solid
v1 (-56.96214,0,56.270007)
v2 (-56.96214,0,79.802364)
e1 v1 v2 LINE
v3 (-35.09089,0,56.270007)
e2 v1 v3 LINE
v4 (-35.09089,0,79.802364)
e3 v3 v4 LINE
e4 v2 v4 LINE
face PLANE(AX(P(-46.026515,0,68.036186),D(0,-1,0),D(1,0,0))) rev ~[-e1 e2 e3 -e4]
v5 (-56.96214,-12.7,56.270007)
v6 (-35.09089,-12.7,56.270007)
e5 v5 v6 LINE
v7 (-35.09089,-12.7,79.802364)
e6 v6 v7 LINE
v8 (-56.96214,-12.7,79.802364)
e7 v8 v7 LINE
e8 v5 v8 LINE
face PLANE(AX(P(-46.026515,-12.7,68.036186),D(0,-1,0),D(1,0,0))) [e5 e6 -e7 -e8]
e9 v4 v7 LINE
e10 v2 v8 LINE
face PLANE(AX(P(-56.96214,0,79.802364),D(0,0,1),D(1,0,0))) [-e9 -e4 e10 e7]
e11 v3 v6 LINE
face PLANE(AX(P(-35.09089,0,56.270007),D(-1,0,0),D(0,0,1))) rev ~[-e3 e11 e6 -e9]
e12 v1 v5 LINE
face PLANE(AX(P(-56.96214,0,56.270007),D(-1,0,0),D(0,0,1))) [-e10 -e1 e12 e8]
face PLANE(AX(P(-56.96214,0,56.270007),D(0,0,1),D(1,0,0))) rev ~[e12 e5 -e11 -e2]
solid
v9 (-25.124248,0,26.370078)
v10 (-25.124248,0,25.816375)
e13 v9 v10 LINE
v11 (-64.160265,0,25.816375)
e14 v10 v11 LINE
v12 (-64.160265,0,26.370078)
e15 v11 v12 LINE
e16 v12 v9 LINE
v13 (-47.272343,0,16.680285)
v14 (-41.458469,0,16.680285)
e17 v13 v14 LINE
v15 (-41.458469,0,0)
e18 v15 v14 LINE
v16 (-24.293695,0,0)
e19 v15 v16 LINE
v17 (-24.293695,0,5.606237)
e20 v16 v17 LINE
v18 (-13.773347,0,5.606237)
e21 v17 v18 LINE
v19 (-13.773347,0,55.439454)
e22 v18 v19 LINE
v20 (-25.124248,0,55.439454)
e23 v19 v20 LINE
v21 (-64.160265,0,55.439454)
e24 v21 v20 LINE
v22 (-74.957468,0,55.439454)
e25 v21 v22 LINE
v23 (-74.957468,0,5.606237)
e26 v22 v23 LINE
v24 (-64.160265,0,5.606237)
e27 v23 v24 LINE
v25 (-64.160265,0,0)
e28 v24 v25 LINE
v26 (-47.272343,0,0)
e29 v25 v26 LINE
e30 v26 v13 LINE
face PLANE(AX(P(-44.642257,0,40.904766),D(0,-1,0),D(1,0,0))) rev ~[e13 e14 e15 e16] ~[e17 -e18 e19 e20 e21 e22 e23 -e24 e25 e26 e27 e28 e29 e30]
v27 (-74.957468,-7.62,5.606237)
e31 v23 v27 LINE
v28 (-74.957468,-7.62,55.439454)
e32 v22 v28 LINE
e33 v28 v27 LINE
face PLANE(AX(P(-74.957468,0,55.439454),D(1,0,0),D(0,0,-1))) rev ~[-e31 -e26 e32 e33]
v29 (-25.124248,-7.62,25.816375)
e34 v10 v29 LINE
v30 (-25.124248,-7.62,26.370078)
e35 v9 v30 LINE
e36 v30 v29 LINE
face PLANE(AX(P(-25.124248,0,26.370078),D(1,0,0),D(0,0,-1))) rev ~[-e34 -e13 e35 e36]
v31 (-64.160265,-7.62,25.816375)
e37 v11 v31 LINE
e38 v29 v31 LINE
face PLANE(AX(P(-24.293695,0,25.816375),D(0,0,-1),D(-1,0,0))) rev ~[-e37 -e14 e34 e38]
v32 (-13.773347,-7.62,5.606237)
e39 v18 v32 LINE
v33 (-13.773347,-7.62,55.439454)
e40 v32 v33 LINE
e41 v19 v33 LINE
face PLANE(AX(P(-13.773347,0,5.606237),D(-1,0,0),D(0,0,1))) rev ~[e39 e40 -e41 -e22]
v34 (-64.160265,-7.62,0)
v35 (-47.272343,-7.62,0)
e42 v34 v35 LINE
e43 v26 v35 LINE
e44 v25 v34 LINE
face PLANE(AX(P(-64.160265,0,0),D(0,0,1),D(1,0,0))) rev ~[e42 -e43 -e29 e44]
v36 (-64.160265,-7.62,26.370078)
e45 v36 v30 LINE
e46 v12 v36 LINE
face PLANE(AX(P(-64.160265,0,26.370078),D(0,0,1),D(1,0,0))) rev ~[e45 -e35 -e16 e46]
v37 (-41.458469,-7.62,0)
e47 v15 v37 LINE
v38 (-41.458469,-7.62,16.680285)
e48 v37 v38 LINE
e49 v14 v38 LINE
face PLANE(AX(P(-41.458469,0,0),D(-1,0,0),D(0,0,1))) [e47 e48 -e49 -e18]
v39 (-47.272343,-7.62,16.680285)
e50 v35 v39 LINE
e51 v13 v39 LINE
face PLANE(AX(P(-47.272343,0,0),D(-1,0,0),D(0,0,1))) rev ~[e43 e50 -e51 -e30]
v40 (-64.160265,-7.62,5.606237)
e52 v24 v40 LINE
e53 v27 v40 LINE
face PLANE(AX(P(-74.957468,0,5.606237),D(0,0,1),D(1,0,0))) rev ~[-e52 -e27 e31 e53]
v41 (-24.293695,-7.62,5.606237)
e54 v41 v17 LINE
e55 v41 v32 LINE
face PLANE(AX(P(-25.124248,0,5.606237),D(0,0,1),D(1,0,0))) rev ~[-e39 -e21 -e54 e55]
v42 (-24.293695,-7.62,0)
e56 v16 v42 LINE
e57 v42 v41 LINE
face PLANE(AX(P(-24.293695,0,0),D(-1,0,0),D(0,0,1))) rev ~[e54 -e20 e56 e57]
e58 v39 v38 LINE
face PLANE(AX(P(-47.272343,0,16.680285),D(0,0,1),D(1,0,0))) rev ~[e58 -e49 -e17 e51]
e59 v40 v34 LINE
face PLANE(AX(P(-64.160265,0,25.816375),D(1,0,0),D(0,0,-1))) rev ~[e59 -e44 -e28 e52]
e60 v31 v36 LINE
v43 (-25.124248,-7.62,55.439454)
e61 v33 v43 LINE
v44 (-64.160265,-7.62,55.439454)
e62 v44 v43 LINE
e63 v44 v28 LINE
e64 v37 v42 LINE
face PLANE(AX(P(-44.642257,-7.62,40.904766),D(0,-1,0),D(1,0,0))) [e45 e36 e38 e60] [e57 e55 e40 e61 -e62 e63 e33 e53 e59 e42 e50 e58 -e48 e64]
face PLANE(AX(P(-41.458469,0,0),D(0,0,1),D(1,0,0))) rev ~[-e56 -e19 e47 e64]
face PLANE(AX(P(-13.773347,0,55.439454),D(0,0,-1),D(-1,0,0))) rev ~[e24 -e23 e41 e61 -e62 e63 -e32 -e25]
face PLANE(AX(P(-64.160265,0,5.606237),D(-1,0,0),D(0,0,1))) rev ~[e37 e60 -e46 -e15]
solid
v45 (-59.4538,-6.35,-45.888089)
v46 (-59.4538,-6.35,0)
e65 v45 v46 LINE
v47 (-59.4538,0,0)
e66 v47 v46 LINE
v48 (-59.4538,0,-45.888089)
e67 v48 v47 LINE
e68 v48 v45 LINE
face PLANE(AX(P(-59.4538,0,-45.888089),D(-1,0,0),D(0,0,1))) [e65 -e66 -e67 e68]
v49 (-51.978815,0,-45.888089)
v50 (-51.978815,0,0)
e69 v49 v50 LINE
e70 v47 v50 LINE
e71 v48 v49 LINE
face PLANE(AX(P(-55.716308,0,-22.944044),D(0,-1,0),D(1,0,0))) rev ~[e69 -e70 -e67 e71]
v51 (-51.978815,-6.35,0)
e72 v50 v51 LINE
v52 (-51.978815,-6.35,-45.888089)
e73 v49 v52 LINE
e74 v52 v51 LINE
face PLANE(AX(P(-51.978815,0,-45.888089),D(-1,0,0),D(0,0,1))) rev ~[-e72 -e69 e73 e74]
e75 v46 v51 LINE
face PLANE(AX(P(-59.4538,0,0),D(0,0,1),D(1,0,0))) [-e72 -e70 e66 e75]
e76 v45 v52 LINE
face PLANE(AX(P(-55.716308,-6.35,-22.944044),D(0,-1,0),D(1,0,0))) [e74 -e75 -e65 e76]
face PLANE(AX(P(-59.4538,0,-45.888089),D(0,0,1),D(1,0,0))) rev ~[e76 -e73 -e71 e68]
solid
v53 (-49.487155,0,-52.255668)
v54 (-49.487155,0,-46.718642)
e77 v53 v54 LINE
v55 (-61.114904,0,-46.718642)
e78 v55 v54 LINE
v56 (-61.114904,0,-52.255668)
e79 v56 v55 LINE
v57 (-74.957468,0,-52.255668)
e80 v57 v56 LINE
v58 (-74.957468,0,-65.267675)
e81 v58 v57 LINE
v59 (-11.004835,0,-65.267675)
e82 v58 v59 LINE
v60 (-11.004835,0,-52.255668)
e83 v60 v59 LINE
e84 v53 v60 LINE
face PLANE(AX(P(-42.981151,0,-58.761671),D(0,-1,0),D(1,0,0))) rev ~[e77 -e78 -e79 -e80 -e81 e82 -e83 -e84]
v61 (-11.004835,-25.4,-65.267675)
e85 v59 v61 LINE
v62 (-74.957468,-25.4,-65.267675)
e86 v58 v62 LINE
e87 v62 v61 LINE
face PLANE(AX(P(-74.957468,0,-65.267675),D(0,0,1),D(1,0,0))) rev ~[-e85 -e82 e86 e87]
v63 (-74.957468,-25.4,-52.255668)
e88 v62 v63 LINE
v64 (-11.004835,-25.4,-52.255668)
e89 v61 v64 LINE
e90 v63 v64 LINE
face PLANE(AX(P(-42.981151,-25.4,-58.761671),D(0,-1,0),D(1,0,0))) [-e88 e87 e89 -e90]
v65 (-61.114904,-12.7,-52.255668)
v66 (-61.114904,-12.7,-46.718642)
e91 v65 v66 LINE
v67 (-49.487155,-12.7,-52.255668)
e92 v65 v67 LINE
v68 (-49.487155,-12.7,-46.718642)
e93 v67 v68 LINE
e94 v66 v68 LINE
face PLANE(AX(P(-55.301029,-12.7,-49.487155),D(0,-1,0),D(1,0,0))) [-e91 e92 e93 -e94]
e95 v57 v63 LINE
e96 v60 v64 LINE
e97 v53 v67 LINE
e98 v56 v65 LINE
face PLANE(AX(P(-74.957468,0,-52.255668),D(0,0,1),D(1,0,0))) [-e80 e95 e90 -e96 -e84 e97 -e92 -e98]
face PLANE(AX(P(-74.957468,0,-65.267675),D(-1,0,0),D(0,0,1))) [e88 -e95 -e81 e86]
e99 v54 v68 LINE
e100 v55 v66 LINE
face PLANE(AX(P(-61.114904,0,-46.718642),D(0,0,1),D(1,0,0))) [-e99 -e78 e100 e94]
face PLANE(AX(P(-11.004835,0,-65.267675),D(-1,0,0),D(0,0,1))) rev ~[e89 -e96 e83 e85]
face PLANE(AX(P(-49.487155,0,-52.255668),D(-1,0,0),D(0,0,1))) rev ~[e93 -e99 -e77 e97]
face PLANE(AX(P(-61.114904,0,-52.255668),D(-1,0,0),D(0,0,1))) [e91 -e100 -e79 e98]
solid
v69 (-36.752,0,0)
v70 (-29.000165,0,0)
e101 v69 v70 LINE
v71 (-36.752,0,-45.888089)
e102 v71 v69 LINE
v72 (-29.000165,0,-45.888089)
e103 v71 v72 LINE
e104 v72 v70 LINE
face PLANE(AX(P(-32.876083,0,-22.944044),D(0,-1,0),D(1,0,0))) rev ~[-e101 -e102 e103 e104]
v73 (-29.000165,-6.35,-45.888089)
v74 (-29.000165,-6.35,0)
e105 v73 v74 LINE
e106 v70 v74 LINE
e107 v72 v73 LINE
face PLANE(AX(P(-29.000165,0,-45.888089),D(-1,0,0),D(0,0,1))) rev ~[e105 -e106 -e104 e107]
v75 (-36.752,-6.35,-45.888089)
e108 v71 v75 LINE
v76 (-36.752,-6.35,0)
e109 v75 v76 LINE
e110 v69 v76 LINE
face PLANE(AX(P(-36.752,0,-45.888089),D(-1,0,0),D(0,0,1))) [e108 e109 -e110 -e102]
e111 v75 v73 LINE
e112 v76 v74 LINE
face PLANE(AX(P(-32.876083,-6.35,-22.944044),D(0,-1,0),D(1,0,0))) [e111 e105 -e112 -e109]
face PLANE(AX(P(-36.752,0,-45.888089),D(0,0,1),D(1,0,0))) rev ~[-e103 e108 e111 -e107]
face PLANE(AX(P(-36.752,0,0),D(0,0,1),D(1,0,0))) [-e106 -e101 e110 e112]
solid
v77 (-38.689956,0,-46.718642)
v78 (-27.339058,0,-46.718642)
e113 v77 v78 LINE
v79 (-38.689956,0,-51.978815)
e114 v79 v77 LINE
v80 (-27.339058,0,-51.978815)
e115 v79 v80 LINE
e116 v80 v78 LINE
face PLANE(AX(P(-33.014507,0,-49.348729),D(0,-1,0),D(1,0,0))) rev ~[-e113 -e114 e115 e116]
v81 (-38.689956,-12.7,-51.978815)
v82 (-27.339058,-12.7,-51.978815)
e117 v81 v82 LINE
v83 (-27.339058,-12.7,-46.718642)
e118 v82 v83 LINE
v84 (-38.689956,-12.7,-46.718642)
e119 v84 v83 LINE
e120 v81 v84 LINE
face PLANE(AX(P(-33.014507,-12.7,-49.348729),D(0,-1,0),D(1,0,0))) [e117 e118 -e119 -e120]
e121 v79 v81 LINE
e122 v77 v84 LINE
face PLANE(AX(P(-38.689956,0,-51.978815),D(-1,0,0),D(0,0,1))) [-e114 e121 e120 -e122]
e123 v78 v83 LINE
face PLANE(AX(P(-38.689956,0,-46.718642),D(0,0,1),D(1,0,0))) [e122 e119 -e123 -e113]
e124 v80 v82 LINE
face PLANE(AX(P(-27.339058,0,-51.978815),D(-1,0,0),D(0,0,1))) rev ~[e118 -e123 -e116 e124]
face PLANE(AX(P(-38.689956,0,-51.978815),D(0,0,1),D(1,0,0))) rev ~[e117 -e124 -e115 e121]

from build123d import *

# Parameters (mm, degrees)
F0_W      = 11.6277486086
F0_H      = 5.5370256305
F1_DEPTH  = 12.7
F0_W_2    = 11.3508980721
F0_H_2    = 5.2601732314
F2_W      = 63.9526322484
F2_H      = 13.0120068789
F3_DEPTH  = 25.4
F4_W      = 63.6757835746
F4_H      = 12.1814534068
F5_DEPTH  = 25.4
F6_W      = 7.4749849737
F6_H      = 45.8880886436
F7_DEPTH  = 6.35
F6_W_2    = 7.7518355101
F8_W      = 16.88792184
F8_H      = 16.6802853346
F8_W_2    = 17.1647742391
F9_DEPTH  = 7.62
F10_W     = 39.0360169113
F10_H     = 29.0693752468
F11_DEPTH = 7.62
F12_W     = 21.8712501228
F12_H     = 23.5323570669
F13_DEPTH = 12.7
F14_W     = 2.4916604161
F14_H     = 3.0453652143
F14_W_2   = 2.7685128152
F14_H_2   = 2.4916604161
F14_W_3   = 7.1981325746
F14_H_3   = 2.7685090899
F15_DEPTH = 6.35


with BuildPart() as f1:
    # F0 (on Front) → F1 (new body)
    with BuildSketch(Plane.XZ):
        with Locations((-55.3010292351, -49.4871549308)):
            Rectangle(F0_W, F0_H)
    extrude(amount=F1_DEPTH)

    # F2 (on Front) → F3 (join)
    with BuildSketch(Plane.XZ):
        with Locations((-42.9811514914, -58.7616711855)):
            Rectangle(F2_W, F2_H)
    extrude(amount=F3_DEPTH)

    # F4 (on Front) → F5 (join)
    with BuildSketch(Plane.XZ):
        with Locations((-42.8427271545, -58.6232431233)):
            Rectangle(F4_W, F4_H)
    extrude(amount=F5_DEPTH)


with BuildPart() as f1b:
    # F0 (on Front) → F1, piece 2 (new body)
    with BuildSketch(Plane.XZ):
        with Locations((-33.0145070329, -49.3487287313)):
            Rectangle(F0_W_2, F0_H_2)
    extrude(amount=F1_DEPTH)


with BuildPart() as f7:
    # F6 (on Front) → F7 (new body)
    with BuildSketch(Plane.XZ):
        with Locations((-55.7163078338, -22.9440443218)):
            Rectangle(F6_W, F6_H)
    extrude(amount=F7_DEPTH)


with BuildPart() as f7b:
    # F6 (on Front) → F7, piece 2 (new body)
    with BuildSketch(Plane.XZ):
        with Locations((-32.876082696, -22.9440443218)):
            Rectangle(F6_W_2, F6_H)
    extrude(amount=F7_DEPTH)


with BuildPart() as f9:
    # F8 (on Front) → F9 (new body)
    with BuildSketch(Plane.XZ):
        with Locations((-55.7163041085, 8.3401426673)):
            Rectangle(F8_W, F8_H)
        Polygon((-64.1602650285, 25.8163753897), (-64.1602650285, 16.6802853346), (-47.2723431885, 16.6802853346), (-41.4584688842, 16.6802853346), (-24.2936946452, 16.6802853346), (-24.2936946452, 25.8163753897), align=None)
        with Locations((-32.8760817647, 8.3401426673)):
            Rectangle(F8_W_2, F8_H)
    extrude(amount=F9_DEPTH)

    # F10 (on Front) → F11 (join)
    with BuildSketch(Plane.XZ):
        with Locations((-44.6422565728, 40.9047659487)):
            Rectangle(F10_W, F10_H)
        Polygon((-64.1602650285, 5.6062368676), (-64.1602650285, 26.3700783253), (-64.1602650285, 55.439453572), (-74.9574676156, 55.439453572), (-74.9574676156, 5.6062368676), align=None)
        Polygon((-25.1242481172, 55.439453572), (-25.1242481172, 26.3700783253), (-25.1242481172, 5.6062368676), (-13.7733472511, 5.6062368676), (-13.7733472511, 55.439453572), align=None)
    extrude(amount=F11_DEPTH)


with BuildPart() as f13:
    # F12 (on Front) → F13 (new body)
    with BuildSketch(Plane.XZ):
        with Locations((-46.0265148431, 68.0361855775)):
            Rectangle(F12_W, F12_H)
    extrude(amount=F13_DEPTH)

    # F14 (on Front) → F15 (join)
    with BuildSketch(Plane.XZ):
        with Locations((-51.84039101, 72.4658071995)):
            Rectangle(F14_W, F14_H)
        with Locations((-44.780684635, 72.1889548004)):
            Rectangle(F14_W_2, F14_H_2)
        with Locations((-46.9954945147, 63.4681396186)):
            Rectangle(F14_W_3, F14_H_3)
    extrude(amount=F15_DEPTH)


solid = Compound([f1.part, f1b.part, f7.part, f7b.part, f9.part, f13.part])
